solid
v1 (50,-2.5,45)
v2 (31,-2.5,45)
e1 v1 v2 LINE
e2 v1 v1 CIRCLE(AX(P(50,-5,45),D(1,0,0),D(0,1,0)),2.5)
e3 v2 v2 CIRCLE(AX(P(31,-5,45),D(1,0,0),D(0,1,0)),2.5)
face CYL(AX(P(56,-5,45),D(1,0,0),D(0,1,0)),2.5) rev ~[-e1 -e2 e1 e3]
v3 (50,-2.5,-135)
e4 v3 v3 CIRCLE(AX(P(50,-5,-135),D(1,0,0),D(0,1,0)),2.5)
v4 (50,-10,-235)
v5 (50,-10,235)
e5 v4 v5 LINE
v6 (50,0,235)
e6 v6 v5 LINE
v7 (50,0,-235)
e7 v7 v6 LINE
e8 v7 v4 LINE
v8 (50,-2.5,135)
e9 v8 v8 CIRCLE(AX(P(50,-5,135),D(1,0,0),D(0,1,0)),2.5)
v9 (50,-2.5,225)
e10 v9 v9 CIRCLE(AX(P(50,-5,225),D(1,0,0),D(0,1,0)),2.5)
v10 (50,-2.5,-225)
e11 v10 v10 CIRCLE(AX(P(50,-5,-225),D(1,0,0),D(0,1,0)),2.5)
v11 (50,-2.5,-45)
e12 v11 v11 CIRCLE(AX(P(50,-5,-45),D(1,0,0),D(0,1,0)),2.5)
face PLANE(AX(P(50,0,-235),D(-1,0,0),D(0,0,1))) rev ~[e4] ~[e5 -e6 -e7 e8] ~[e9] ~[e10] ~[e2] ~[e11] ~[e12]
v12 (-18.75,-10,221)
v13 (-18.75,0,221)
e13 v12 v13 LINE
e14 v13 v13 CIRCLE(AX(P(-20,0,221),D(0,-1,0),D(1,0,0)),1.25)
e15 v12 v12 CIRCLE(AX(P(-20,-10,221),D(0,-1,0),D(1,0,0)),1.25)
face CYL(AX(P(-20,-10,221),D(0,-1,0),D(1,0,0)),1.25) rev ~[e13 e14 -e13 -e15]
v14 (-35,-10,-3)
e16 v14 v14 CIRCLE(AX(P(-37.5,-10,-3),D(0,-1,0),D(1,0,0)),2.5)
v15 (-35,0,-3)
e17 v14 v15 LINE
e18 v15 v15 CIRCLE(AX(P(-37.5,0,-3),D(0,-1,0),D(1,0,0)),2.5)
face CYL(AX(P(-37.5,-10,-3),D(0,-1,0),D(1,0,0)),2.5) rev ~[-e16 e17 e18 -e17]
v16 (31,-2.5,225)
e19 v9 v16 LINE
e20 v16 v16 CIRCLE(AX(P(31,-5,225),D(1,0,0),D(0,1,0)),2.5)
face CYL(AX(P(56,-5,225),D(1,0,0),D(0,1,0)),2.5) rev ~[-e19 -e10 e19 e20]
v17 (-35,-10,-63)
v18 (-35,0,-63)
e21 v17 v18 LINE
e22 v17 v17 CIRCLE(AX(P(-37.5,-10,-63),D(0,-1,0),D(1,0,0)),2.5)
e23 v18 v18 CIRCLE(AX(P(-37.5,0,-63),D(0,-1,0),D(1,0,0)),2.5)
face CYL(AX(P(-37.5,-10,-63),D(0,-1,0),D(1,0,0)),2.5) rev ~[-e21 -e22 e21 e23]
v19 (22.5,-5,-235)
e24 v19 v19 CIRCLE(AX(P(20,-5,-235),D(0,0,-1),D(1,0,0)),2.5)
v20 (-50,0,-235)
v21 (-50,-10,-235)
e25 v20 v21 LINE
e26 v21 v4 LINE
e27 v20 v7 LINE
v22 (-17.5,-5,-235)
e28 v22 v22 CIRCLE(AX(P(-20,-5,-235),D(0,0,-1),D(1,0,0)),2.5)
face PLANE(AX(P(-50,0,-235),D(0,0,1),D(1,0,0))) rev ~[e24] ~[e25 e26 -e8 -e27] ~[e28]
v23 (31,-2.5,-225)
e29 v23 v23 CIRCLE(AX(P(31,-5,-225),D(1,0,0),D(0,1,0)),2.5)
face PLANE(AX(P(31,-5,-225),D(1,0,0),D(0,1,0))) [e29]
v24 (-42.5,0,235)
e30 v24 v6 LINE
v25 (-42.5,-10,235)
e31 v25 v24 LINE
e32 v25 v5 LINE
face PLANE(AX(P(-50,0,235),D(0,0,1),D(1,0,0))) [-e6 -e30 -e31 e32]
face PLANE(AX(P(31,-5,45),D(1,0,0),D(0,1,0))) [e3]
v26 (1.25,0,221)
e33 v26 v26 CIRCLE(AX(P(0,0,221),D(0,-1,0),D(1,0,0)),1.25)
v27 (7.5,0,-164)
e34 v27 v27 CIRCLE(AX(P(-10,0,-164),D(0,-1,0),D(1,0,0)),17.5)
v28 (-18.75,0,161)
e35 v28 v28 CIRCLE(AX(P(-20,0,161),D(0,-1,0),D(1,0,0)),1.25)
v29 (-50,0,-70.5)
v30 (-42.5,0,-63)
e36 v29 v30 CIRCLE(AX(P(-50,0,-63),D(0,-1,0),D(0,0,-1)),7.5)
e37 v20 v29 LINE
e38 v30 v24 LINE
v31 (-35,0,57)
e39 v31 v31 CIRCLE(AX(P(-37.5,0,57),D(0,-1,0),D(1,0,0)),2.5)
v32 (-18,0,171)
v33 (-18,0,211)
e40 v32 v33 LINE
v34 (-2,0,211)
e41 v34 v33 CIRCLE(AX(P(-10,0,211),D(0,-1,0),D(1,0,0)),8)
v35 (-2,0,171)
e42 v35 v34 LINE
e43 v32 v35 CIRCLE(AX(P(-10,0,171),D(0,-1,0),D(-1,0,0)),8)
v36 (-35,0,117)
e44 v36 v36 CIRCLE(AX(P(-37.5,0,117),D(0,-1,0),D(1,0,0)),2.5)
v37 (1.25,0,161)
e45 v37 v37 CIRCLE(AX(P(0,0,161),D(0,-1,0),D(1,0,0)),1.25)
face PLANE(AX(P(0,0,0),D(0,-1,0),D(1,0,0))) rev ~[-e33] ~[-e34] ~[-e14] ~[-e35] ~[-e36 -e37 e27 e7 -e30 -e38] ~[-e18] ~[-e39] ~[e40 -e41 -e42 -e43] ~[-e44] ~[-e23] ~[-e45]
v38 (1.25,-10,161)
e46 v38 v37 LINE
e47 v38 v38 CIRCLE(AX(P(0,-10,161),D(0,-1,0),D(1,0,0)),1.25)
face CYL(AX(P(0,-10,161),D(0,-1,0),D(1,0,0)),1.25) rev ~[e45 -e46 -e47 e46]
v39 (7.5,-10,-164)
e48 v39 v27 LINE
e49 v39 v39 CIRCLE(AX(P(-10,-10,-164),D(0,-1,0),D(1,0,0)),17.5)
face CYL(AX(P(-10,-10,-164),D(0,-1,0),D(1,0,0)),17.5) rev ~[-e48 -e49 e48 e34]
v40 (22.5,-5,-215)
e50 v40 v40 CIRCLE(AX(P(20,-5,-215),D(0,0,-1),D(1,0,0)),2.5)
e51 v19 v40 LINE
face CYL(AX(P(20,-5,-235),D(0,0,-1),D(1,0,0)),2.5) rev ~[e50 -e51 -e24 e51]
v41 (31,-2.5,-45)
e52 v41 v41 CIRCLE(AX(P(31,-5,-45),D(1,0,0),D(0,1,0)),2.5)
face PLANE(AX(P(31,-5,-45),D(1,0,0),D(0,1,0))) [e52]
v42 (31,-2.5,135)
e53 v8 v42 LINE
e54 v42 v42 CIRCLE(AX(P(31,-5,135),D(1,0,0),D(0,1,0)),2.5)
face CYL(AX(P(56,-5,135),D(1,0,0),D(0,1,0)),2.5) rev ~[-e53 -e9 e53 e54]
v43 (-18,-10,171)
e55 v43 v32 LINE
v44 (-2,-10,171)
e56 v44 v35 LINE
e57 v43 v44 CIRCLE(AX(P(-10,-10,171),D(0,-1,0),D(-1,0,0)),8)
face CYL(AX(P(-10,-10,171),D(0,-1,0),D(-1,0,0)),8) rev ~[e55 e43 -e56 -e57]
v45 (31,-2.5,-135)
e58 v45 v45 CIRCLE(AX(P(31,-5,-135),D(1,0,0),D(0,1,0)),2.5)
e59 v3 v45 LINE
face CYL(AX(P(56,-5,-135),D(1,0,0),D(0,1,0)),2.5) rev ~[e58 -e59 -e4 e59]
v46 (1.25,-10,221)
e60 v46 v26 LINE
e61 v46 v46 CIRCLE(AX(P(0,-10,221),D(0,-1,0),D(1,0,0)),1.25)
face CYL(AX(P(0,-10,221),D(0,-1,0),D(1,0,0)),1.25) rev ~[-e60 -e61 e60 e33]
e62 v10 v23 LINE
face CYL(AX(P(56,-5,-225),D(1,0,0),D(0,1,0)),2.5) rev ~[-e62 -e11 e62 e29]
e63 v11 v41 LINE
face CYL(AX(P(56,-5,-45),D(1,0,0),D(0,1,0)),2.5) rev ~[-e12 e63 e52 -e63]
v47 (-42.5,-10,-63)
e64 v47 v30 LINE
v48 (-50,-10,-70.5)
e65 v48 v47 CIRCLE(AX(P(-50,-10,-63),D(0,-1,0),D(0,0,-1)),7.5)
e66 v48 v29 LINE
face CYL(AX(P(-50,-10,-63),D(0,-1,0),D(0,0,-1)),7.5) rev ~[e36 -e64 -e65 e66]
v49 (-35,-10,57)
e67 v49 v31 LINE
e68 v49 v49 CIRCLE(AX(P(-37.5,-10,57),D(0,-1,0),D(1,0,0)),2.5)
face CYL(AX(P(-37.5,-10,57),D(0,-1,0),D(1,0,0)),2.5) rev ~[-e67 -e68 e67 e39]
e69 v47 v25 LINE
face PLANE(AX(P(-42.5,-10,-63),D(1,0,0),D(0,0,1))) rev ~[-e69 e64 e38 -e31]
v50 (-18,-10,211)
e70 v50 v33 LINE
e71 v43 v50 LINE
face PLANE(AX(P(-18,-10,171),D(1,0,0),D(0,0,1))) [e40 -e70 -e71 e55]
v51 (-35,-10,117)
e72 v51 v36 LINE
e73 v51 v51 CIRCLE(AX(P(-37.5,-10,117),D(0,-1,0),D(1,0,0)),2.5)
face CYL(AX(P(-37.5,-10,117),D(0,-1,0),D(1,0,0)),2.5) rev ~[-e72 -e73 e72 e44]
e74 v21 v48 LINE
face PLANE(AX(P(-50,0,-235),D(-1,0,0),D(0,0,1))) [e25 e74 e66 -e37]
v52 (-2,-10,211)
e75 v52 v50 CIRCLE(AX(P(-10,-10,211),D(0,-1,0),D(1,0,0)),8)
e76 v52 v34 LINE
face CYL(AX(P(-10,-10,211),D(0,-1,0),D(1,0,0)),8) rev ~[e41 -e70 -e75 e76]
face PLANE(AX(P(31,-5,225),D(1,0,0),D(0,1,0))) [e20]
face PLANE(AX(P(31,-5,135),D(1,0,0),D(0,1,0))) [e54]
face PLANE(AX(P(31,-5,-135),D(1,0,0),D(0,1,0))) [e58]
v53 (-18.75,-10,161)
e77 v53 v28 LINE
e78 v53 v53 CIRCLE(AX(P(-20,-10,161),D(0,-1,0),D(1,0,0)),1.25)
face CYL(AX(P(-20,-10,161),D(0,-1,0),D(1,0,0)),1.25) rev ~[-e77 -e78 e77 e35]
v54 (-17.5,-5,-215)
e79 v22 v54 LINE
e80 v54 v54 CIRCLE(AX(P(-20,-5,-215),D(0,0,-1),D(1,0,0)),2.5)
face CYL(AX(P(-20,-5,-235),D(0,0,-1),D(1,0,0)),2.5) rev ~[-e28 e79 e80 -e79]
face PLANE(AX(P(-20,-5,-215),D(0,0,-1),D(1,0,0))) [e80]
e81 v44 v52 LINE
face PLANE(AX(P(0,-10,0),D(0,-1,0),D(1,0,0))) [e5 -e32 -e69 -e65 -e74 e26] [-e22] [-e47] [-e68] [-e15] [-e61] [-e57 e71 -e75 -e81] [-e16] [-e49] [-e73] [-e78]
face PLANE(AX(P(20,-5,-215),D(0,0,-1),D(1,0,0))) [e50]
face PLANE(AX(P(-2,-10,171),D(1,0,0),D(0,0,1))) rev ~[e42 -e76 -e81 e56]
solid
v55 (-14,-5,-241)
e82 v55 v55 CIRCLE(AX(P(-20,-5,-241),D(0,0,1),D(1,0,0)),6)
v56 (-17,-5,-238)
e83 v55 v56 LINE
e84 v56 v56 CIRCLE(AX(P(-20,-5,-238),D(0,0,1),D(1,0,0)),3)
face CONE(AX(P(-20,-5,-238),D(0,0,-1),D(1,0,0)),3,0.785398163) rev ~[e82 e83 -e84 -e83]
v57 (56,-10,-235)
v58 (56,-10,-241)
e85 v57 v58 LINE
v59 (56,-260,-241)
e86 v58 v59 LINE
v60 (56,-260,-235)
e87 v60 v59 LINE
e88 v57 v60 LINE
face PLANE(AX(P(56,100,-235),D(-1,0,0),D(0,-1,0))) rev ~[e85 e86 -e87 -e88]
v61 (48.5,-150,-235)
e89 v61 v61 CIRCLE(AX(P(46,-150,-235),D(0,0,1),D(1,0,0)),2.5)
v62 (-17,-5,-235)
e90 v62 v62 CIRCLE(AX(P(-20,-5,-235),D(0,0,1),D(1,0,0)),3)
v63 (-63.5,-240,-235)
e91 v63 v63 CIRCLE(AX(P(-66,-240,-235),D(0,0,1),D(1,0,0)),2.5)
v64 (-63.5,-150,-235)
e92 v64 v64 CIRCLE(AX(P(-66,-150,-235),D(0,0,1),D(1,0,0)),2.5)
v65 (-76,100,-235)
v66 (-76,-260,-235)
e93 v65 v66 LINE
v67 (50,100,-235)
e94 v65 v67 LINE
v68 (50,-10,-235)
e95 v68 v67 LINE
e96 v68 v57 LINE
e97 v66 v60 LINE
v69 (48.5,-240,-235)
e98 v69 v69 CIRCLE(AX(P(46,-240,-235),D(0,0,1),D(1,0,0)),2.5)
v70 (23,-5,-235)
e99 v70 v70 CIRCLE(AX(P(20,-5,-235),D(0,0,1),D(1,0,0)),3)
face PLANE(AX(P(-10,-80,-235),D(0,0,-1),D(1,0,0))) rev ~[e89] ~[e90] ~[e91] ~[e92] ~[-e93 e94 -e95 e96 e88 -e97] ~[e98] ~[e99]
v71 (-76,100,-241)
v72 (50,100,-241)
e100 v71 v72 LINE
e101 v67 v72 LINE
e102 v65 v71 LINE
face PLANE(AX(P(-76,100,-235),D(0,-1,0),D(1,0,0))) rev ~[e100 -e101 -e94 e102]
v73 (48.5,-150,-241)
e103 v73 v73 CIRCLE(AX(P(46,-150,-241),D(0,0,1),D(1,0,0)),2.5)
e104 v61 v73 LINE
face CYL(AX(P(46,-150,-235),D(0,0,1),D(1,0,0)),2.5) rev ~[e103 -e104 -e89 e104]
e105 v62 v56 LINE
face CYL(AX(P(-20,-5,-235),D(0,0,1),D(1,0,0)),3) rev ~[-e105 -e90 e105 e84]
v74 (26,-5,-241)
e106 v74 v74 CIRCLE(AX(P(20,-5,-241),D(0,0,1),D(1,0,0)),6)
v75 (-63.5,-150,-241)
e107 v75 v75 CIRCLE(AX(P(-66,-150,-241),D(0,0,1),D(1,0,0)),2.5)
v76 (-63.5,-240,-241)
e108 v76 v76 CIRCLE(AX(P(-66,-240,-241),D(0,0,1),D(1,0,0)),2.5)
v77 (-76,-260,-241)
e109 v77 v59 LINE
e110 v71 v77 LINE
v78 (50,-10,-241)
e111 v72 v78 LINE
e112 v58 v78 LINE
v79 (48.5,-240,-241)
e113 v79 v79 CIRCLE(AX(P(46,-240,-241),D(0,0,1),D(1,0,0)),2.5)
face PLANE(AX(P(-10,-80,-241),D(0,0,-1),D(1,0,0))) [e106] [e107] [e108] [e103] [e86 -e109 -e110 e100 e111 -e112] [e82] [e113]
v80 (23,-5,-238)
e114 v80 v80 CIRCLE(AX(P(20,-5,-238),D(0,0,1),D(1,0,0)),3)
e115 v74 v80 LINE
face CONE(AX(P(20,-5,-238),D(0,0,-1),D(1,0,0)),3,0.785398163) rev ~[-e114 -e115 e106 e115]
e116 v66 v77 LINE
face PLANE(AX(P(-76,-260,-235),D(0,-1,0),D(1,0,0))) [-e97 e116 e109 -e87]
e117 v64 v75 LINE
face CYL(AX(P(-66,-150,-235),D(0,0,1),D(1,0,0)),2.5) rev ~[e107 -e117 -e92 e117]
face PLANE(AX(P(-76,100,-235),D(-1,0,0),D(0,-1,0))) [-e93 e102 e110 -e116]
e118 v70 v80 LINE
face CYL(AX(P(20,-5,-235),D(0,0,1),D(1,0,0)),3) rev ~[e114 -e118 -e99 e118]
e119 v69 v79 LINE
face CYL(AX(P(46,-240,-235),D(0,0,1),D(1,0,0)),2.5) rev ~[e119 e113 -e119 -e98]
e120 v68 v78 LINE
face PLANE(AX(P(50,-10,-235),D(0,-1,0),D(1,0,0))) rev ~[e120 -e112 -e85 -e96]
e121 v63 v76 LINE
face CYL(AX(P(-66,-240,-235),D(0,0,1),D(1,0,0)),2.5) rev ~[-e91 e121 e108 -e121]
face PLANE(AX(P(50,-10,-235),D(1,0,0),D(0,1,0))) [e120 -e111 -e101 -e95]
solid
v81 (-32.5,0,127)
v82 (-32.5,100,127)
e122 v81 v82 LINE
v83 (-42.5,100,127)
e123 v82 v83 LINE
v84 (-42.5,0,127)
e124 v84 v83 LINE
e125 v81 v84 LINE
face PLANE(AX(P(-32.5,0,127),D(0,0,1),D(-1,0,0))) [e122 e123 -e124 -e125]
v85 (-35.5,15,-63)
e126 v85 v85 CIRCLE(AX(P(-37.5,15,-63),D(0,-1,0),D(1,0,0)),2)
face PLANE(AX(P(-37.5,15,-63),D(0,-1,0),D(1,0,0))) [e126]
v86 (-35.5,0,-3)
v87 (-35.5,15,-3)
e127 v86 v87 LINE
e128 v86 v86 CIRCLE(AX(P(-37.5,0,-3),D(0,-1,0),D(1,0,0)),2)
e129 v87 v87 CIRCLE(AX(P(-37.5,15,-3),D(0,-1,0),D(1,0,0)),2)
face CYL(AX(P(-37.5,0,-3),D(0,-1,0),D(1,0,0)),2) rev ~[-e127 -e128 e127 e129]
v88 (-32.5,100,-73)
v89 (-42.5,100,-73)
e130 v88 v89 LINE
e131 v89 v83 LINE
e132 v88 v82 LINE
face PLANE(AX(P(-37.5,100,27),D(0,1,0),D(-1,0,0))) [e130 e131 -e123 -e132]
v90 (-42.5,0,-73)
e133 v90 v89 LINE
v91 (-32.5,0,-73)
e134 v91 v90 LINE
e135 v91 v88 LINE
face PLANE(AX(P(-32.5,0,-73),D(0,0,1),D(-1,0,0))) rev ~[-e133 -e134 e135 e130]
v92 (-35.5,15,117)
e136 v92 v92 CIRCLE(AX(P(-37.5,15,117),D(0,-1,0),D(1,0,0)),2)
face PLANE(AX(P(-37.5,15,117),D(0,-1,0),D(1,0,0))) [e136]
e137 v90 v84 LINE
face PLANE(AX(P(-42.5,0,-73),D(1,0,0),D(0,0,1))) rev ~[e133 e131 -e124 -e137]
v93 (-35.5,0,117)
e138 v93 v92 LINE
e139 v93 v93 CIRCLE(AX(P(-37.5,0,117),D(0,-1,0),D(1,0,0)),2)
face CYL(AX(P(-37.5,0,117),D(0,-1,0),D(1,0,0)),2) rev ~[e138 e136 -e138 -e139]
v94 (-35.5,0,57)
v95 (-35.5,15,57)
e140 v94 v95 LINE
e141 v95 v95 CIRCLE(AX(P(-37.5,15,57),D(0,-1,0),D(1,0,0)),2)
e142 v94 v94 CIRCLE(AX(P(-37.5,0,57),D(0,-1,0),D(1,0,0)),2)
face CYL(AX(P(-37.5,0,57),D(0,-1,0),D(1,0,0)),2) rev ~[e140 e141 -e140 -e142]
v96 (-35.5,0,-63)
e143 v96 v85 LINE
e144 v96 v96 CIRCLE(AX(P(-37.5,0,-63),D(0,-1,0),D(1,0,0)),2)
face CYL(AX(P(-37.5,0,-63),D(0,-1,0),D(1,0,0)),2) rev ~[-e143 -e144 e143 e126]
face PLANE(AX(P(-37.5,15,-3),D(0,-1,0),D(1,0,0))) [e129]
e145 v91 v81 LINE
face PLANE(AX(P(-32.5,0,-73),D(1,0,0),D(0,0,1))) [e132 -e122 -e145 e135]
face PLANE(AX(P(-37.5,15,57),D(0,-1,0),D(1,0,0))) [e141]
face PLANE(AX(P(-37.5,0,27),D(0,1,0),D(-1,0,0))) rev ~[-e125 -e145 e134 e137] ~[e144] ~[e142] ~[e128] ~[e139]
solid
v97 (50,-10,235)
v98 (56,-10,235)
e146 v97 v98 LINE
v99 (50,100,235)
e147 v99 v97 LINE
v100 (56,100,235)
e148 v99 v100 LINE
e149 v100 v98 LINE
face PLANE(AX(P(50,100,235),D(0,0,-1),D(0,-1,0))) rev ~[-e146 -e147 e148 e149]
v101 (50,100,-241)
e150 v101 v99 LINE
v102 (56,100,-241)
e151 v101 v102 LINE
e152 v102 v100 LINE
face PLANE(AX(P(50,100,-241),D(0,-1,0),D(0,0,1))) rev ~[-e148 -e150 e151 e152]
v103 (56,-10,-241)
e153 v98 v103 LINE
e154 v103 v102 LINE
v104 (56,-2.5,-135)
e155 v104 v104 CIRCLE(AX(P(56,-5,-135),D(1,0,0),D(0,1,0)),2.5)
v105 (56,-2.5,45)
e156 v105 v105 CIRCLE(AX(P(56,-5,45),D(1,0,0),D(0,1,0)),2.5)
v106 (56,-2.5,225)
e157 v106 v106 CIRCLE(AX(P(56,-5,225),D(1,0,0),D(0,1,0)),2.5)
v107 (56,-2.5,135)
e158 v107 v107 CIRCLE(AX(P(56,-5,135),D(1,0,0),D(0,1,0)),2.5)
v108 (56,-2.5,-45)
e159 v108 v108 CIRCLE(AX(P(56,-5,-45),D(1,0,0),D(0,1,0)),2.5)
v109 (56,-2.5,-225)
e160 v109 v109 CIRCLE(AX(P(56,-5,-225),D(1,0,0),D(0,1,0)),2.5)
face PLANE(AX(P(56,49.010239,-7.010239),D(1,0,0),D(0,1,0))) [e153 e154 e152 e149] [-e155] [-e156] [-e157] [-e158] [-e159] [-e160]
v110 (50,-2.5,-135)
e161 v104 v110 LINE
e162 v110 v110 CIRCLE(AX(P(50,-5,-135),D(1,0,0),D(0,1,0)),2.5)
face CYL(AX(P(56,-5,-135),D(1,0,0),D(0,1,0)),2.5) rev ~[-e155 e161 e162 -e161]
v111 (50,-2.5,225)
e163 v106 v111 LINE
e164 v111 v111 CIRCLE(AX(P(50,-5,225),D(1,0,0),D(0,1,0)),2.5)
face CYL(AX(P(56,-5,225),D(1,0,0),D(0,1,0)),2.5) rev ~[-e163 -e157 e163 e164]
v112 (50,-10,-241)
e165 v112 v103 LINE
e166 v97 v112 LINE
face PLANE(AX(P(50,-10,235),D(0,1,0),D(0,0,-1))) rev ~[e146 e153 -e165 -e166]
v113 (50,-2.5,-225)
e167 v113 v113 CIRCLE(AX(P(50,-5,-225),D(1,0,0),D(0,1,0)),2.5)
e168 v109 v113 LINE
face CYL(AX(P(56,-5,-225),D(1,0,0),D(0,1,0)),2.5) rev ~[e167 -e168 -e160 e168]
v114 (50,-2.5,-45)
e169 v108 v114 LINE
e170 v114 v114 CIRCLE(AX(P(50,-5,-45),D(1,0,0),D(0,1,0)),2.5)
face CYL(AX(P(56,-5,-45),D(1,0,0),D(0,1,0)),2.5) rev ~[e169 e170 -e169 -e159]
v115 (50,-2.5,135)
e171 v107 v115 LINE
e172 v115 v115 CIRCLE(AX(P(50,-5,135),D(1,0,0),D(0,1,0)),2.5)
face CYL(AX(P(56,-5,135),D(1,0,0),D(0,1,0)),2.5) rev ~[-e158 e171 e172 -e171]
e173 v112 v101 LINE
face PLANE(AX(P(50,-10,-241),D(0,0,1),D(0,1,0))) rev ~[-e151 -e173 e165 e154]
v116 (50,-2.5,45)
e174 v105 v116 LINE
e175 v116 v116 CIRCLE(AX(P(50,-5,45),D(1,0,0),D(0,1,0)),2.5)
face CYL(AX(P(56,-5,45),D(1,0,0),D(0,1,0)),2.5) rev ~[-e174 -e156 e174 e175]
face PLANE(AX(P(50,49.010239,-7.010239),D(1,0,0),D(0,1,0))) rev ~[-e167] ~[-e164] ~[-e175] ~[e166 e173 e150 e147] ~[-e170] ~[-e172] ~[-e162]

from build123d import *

# Parameters (mm, degrees)
F0_W      = 100
F0_H      = 470
F1_DEPTH  = 10
F2_R      = 17.5
F2_W      = 16
F2_H      = 40
F2_R_2    = 1.25
F3_DEPTH  = 25
F5_DEPTH  = 25
F6_R      = 2.5
F7_DEPTH  = 25
F8_W      = 10
F8_H      = 200
F9_DEPTH  = 100
F10_R     = 2
F11_DEPTH = 15
F12_R     = 2.5
F13_DEPTH = 20
F14_W     = 132
F14_H     = 360
F14_W_2   = 100
F14_H_2   = 10
F15_DEPTH = 6
F16_R     = 3
F17_DEPTH = 25
F18_SIZE2 = 3
F18_SIZE  = 3
F19_R     = 2.5
F20_DEPTH = 25
F21_W     = 6
F21_H     = 110
F22_DEPTH = 25
F23_W     = 10
F23_H     = 470
F24_DEPTH = 6
F25_R     = 2.5
F26_DEPTH = 25


with BuildPart() as f1:
    # F0 (on Front) → F1 (new body)
    with BuildSketch(Plane.XZ):
        Rectangle(F0_W, F0_H)
    extrude(amount=F1_DEPTH)

    # F2 (on face) → F3 (cut)
    with BuildSketch(Plane.XZ.offset(10)):
        with Locations((-10, -164)):
            Circle(F2_R)
        with Locations((-10, 191)):
            Rectangle(F2_W, F2_H)
        with BuildLine():
            Line((-2, 171), (-18, 171))
            ThreePointArc((-18, 171), (-10, 163), (-2, 171))
        make_face()
        with BuildLine():
            ThreePointArc((-2, 211), (-10, 219), (-18, 211))
            Line((-18, 211), (-2, 211))
        make_face()
        with Locations((0, 221)):
            Circle(F2_R_2)
        with Locations((0, 161)):
            Circle(F2_R_2)
        with Locations((-20, 221)):
            Circle(F2_R_2)
        with Locations((-20, 161)):
            Circle(F2_R_2)
    extrude(amount=-F3_DEPTH, mode=Mode.SUBTRACT)

    # F4 (on face) → F5 (cut)
    with BuildSketch(Plane.XZ.offset(10)):
        with BuildLine():
            ThreePointArc((-50, -70.5), (-44.6966991411, -68.3033008589), (-42.5, -63))
            Line((-42.5, -63), (-42.5, 235))
            Line((-42.5, 235), (-50, 235))
            Line((-50, 235), (-50, -70.5))
        make_face()
    extrude(amount=-F5_DEPTH, mode=Mode.SUBTRACT)

    # F6 (on face) → F7 (cut)
    with BuildSketch(Plane.XZ.offset(10)):
        with Locations((-37.5, -63)):
            Circle(F6_R)
        with Locations((-37.5, -3)):
            Circle(F6_R)
        with Locations((-37.5, 57)):
            Circle(F6_R)
        with Locations((-37.5, 117)):
            Circle(F6_R)
    extrude(amount=-F7_DEPTH, mode=Mode.SUBTRACT)

    # F12 (on face) → F13 (cut)
    with BuildSketch(Plane(origin=(0, 0, -235), x_dir=(1, 0, 0), z_dir=(0, 0, -1))):
        with Locations((-20, 5)):
            Circle(F12_R)
        with Locations((20, 5)):
            Circle(F12_R)
    extrude(amount=-F13_DEPTH, mode=Mode.SUBTRACT)


with BuildPart() as f9:
    # F8 (on face) → F9 (new body)
    with BuildSketch(Plane(origin=(0, 0, 0), x_dir=(-1, 0, 0), z_dir=(0, 1, 0))):
        with Locations((37.5, 27)):
            Rectangle(F8_W, F8_H)
    extrude(amount=F9_DEPTH)

    # F10 (on face) → F11 (cut)
    with BuildSketch(Plane.XZ):
        with Locations((-37.5, 117)):
            Circle(F10_R)
        with Locations((-37.5, 57)):
            Circle(F10_R)
        with Locations((-37.5, -3)):
            Circle(F10_R)
        with Locations((-37.5, -63)):
            Circle(F10_R)
    extrude(amount=-F11_DEPTH, mode=Mode.SUBTRACT)


with BuildPart() as f15:
    # F14 (on face) → F15 (new body)
    with BuildSketch(Plane(origin=(0, 0, -235), x_dir=(1, 0, 0), z_dir=(0, 0, -1))):
        with Locations((-10, 80)):
            Rectangle(F14_W, F14_H)
        with Locations((0, 5)):
            Rectangle(F14_W_2, F14_H_2, mode=Mode.SUBTRACT)
        with Locations((-10, 80)):
            Rectangle(F14_W, F14_H)
    extrude(amount=F15_DEPTH)

    # F16 (on face) → F17 (cut)
    with BuildSketch(Plane.XY.offset(-235)):
        with Locations((20, -5)):
            Circle(F16_R)
        with Locations((-20, -5)):
            Circle(F16_R)
    extrude(amount=-F17_DEPTH, mode=Mode.SUBTRACT)

    # F18
    f18_edges = [f15.edges().sort_by_distance(p)[0] for p in [
        (-23, -5, -241),
        (17, -5, -241),
    ]]
    chamfer(f18_edges, length=F18_SIZE, length2=F18_SIZE2)

    # F19 (on face) → F20 (cut)
    with BuildSketch(Plane.XY.offset(-235)):
        with Locations((-66, -240)):
            Circle(F19_R)
        with Locations((-66, -150)):
            Circle(F19_R)
        with Locations((46, -150)):
            Circle(F19_R)
        with Locations((46, -240)):
            Circle(F19_R)
    extrude(amount=-F20_DEPTH, mode=Mode.SUBTRACT)

    # F21 (on face) → F22 (cut)
    with BuildSketch(Plane.XY.offset(-235)):
        with Locations((53, 45)):
            Rectangle(F21_W, F21_H)
    extrude(amount=-F22_DEPTH, mode=Mode.SUBTRACT)


with BuildPart() as f24:
    # F23 (on face) → F24 (new body)
    with BuildSketch(Plane.YZ.offset(50)):
        Polygon((-10, -235), (-10, -241), (100, -241), (100, 235), (0, 235), (0, -235), align=None)
        with Locations((-5, 0)):
            Rectangle(F23_W, F23_H)
    extrude(amount=F24_DEPTH)


with BuildPart() as f26_tool:
    # F25 (on face) → F26 (new body)
    with BuildSketch(Plane.YZ.offset(56)):
        with Locations((-5, 225)):
            Circle(F25_R)
        with Locations((-5, 135)):
            Circle(F25_R)
        with Locations((-5, 45)):
            Circle(F25_R)
        with Locations((-5, -45)):
            Circle(F25_R)
        with Locations((-5, -135)):
            Circle(F25_R)
        with Locations((-5, -225)):
            Circle(F25_R)
    extrude(amount=-F26_DEPTH)


with BuildPart() as f1_1:
    add(f1.part)

    # F26: cut by f26_tool
    add(f26_tool.part, mode=Mode.SUBTRACT)


with BuildPart() as f24_1:
    add(f24.part)

    # F26: cut by f26_tool
    add(f26_tool.part, mode=Mode.SUBTRACT)


solid = Compound([f9.part, f15.part, f1_1.part, f24_1.part])
